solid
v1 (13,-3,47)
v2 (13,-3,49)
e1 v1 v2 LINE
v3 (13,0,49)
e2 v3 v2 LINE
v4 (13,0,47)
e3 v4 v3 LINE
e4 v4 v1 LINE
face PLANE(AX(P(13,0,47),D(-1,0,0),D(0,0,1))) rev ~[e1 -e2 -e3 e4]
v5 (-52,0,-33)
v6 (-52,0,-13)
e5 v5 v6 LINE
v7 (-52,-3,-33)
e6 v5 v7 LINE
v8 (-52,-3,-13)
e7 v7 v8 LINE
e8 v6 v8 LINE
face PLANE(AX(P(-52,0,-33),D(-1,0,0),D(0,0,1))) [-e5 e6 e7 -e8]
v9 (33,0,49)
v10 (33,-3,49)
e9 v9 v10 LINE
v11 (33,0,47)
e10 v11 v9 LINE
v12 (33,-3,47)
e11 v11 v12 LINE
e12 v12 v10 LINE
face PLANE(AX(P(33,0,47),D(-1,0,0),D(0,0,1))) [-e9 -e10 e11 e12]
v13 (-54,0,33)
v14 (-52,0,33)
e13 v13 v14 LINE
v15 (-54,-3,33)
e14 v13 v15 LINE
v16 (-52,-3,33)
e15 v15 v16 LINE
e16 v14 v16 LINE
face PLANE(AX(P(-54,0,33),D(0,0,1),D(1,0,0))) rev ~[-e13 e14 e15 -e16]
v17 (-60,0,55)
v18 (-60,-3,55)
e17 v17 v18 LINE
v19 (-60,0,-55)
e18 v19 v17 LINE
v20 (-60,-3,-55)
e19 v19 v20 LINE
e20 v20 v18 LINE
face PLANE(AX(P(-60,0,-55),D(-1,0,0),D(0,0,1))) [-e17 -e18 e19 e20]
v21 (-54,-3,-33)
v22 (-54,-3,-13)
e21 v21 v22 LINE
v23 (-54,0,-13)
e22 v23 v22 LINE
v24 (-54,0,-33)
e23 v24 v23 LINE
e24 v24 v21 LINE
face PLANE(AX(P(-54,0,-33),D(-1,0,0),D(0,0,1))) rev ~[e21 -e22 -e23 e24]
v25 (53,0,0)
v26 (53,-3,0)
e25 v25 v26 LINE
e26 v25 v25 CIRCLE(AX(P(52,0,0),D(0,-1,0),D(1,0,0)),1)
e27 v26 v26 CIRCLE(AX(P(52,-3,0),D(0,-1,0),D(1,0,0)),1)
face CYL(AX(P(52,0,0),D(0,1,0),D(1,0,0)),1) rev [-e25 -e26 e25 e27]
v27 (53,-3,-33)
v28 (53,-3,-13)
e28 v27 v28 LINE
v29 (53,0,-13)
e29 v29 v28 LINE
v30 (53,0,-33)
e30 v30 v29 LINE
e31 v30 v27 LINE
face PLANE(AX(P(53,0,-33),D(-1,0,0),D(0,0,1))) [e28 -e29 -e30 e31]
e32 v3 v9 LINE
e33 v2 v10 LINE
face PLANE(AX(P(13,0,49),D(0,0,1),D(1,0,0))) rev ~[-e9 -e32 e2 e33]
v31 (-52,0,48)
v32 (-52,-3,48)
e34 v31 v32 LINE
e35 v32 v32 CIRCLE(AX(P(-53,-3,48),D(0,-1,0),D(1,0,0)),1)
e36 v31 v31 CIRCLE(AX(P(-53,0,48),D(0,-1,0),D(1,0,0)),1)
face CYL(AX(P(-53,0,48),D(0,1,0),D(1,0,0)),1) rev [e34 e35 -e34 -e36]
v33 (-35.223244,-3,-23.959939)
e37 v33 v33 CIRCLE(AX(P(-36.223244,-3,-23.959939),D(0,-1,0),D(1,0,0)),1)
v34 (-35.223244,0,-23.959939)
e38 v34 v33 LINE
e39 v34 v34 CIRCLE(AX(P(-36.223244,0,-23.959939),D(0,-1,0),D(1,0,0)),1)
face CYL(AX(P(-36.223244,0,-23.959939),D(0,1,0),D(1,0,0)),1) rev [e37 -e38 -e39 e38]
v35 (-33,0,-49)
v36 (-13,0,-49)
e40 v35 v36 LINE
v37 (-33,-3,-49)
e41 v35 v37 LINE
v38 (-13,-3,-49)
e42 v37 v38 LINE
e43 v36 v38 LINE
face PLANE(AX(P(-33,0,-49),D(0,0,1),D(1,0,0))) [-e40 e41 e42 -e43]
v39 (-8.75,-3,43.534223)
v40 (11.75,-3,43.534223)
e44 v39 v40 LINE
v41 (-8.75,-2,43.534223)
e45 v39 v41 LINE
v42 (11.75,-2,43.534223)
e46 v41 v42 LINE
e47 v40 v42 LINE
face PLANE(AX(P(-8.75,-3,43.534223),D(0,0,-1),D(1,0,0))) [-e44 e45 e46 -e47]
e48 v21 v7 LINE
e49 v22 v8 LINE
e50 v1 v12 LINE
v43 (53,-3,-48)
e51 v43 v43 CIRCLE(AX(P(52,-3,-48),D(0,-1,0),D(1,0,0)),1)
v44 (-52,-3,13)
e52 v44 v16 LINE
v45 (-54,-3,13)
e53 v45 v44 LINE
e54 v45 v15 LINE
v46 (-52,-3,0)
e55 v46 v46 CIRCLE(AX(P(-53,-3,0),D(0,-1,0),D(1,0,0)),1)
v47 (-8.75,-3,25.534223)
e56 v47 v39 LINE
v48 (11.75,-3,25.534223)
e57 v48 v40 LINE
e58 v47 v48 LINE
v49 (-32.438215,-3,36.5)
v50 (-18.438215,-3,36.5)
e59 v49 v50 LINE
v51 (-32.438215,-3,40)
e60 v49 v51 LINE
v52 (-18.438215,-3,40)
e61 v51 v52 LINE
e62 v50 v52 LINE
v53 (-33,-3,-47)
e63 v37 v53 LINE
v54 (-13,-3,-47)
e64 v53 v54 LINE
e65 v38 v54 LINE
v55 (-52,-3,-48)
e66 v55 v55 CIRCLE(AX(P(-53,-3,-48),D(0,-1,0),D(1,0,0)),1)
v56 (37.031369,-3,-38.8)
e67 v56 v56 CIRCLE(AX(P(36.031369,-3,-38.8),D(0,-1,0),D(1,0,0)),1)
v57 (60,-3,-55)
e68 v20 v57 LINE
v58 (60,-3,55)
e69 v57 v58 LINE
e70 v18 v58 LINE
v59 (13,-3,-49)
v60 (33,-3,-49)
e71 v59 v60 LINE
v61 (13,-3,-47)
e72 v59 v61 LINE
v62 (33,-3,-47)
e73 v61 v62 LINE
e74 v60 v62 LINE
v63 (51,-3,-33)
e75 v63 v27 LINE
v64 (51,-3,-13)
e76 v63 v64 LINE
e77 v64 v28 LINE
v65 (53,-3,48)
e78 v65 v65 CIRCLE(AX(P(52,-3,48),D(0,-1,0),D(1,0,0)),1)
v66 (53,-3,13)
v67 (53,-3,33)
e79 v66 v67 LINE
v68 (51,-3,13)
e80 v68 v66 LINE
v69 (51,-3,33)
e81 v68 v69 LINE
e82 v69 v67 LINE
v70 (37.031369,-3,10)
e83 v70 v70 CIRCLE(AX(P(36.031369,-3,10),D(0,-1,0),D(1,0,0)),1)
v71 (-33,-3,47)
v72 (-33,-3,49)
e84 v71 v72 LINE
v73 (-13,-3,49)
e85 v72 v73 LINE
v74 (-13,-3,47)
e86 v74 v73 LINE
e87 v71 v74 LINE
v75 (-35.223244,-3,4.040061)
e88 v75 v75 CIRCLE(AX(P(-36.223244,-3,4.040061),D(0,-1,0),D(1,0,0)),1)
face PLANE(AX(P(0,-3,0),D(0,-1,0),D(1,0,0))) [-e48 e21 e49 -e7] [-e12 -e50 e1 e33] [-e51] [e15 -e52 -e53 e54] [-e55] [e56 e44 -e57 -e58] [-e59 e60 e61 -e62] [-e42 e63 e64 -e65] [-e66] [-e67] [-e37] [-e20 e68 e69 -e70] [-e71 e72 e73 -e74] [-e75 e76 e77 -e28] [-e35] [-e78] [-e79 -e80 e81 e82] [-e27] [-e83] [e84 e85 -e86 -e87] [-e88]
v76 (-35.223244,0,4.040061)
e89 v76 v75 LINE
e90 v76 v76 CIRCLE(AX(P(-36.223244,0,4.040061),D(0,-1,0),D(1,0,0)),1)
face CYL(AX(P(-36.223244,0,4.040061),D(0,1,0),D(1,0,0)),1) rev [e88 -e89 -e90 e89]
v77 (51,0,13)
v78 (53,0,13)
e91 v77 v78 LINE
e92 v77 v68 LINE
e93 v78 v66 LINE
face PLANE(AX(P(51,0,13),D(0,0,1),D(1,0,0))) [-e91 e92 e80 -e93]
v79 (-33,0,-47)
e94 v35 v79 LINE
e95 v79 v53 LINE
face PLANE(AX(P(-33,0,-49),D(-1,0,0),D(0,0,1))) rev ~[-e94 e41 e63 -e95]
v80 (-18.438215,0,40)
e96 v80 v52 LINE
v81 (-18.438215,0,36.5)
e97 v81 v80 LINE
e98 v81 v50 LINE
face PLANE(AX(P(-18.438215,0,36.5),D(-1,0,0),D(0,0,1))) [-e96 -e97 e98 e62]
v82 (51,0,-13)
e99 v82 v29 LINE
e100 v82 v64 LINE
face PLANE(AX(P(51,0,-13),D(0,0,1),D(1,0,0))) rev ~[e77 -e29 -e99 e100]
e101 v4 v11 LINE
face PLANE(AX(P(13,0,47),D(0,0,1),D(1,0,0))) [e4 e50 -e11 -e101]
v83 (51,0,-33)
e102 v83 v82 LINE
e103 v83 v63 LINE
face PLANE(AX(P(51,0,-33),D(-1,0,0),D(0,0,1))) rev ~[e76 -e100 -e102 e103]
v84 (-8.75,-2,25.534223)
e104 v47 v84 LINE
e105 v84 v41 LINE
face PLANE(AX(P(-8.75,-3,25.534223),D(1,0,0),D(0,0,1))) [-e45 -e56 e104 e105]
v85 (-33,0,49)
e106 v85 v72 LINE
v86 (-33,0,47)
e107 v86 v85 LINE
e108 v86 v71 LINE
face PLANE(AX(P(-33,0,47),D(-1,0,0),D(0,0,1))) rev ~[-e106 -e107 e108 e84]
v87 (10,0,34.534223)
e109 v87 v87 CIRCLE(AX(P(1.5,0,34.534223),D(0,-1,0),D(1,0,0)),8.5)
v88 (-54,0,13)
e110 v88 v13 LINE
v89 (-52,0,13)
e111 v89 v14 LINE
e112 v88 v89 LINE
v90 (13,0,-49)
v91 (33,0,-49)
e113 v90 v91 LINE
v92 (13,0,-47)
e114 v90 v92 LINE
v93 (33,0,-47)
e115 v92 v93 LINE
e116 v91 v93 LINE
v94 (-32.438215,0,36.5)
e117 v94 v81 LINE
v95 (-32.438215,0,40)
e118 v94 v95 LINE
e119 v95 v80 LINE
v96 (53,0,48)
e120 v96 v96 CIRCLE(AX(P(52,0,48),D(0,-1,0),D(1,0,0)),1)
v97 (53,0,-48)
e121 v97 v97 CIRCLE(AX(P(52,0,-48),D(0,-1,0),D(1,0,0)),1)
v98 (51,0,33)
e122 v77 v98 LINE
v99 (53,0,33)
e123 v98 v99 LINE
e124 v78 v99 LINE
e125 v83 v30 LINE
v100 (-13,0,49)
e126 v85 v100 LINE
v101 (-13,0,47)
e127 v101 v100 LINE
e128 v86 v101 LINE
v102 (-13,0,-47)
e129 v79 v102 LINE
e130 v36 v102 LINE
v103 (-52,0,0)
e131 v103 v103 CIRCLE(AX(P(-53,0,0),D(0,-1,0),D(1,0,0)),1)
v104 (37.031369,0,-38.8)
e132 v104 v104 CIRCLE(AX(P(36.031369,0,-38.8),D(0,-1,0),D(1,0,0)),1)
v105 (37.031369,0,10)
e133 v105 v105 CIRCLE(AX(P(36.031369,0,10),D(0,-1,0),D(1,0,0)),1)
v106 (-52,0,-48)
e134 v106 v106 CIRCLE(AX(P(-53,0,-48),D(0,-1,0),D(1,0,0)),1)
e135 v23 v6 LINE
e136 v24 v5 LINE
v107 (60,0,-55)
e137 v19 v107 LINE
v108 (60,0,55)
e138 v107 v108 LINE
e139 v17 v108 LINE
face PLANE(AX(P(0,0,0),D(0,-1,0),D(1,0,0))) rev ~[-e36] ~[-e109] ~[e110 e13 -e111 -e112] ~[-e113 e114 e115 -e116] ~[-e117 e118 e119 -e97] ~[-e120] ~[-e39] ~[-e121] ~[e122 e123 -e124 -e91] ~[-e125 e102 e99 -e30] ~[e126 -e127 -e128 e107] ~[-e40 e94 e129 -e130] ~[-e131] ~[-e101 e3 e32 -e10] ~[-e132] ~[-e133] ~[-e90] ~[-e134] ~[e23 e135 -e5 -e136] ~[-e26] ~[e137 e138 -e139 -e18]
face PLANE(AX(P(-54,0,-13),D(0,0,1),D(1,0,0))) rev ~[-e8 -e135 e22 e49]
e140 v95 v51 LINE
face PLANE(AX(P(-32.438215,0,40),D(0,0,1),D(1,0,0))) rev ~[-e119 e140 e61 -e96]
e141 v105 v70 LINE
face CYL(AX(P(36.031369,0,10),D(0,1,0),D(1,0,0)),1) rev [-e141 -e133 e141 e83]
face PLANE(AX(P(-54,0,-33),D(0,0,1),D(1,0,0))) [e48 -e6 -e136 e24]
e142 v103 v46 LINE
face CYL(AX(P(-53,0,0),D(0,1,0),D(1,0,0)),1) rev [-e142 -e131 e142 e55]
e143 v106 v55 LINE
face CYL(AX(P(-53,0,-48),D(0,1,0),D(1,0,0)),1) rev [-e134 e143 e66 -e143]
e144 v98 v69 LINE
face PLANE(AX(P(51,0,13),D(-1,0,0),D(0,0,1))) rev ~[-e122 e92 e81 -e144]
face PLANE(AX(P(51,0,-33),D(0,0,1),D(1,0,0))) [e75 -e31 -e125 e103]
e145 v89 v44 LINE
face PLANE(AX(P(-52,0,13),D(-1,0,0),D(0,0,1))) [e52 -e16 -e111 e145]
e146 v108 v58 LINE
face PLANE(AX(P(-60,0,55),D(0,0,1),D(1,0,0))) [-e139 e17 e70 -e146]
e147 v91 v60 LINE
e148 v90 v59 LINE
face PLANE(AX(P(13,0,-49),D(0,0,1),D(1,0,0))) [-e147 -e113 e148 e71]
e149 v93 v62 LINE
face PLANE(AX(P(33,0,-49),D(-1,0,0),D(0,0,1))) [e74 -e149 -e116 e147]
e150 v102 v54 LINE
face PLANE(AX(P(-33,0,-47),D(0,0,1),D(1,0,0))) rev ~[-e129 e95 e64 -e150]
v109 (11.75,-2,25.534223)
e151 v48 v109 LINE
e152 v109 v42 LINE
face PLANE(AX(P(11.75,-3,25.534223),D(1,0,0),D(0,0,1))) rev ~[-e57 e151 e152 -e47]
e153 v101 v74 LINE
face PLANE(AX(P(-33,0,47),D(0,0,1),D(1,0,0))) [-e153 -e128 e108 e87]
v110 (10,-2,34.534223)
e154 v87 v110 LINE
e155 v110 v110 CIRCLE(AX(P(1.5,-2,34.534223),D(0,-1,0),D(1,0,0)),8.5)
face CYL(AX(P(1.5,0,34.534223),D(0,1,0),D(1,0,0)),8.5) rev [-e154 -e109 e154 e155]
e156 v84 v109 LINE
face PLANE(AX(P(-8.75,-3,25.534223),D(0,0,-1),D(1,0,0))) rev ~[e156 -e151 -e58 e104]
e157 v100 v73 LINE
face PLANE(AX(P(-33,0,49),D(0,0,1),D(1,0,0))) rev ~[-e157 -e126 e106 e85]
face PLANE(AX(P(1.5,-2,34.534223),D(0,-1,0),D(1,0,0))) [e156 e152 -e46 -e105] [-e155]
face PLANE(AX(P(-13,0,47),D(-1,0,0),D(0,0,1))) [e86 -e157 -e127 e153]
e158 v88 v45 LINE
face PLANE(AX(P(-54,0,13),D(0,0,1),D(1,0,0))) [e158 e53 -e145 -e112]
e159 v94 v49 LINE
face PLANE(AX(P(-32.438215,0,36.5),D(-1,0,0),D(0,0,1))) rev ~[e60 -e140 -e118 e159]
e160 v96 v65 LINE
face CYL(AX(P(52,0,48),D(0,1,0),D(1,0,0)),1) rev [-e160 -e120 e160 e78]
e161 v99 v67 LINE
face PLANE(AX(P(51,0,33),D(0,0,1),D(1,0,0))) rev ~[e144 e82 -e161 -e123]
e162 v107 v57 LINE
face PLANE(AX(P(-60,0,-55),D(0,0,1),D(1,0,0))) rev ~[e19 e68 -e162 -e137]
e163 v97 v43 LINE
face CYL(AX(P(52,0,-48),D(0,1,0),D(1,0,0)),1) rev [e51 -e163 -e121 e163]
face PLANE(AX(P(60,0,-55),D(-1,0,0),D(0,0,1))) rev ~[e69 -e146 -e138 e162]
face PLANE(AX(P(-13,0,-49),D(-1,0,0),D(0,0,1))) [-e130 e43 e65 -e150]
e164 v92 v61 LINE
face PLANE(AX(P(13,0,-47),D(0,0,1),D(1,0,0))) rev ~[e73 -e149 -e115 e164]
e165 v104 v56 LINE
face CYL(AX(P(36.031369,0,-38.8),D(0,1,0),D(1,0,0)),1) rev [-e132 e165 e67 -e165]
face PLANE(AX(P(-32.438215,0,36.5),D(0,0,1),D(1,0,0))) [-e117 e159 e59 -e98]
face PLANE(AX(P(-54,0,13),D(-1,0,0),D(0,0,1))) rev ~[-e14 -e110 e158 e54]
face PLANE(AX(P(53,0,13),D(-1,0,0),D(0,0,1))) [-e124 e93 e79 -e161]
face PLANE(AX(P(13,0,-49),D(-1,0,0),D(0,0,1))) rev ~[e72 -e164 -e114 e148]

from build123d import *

# Parameters (mm, degrees)
F0_W     = 120
F0_H     = 110
F0_R     = 1
F0_W_2   = 20
F0_H_2   = 2
F0_W_3   = 2
F0_H_3   = 20
F0_W_4   = 14
F0_H_4   = 3.5
F0_R_2   = 8.5
F1_DEPTH = 3
F2_W     = 20.5
F2_H     = 18
F2_R     = 8.5
F3_DEPTH = 1


with BuildPart() as f1:
    # F0 (on Front) → F1 (new body)
    with BuildSketch(Plane.XZ):
        Rectangle(F0_W, F0_H)
        with Locations((-53, -48)):
            Circle(F0_R, mode=Mode.SUBTRACT)
        with Locations((-23, -48)):
            Rectangle(F0_W_2, F0_H_2, mode=Mode.SUBTRACT)
        with Locations((-53, -23)):
            Rectangle(F0_W_3, F0_H_3, mode=Mode.SUBTRACT)
        with Locations((-36.223244, -23.959939)):
            Circle(F0_R, mode=Mode.SUBTRACT)
        with Locations((23, -48)):
            Rectangle(F0_W_2, F0_H_2, mode=Mode.SUBTRACT)
        with Locations((52, -48)):
            Circle(F0_R, mode=Mode.SUBTRACT)
        with Locations((36.031369, -38.8)):
            Circle(F0_R, mode=Mode.SUBTRACT)
        with Locations((52, -23)):
            Rectangle(F0_W_3, F0_H_3, mode=Mode.SUBTRACT)
        with Locations((-53, 0)):
            Circle(F0_R, mode=Mode.SUBTRACT)
        with Locations((-36.223244, 4.040061)):
            Circle(F0_R, mode=Mode.SUBTRACT)
        with Locations((-53, 23)):
            Rectangle(F0_W_3, F0_H_3, mode=Mode.SUBTRACT)
        with Locations((-53, 48)):
            Circle(F0_R, mode=Mode.SUBTRACT)
        with Locations((-25.438215, 38.25)):
            Rectangle(F0_W_4, F0_H_4, mode=Mode.SUBTRACT)
        with Locations((-23, 48)):
            Rectangle(F0_W_2, F0_H_2, mode=Mode.SUBTRACT)
        with Locations((36.031369, 10)):
            Circle(F0_R, mode=Mode.SUBTRACT)
        with Locations((52, 0)):
            Circle(F0_R, mode=Mode.SUBTRACT)
        with Locations((52, 23)):
            Rectangle(F0_W_3, F0_H_3, mode=Mode.SUBTRACT)
        with Locations((1.5, 34.534223)):
            Circle(F0_R_2, mode=Mode.SUBTRACT)
        with Locations((23, 48)):
            Rectangle(F0_W_2, F0_H_2, mode=Mode.SUBTRACT)
        with Locations((52, 48)):
            Circle(F0_R, mode=Mode.SUBTRACT)
    extrude(amount=F1_DEPTH)

    # F2 (on face) → F3 (cut)
    with BuildSketch(Plane.XZ.offset(3)):
        with Locations((1.5, 34.534223)):
            Rectangle(F2_W, F2_H)
        with Locations((1.5, 34.534223)):
            Circle(F2_R, mode=Mode.SUBTRACT)
    extrude(amount=-F3_DEPTH, mode=Mode.SUBTRACT)


solid = f1.part
